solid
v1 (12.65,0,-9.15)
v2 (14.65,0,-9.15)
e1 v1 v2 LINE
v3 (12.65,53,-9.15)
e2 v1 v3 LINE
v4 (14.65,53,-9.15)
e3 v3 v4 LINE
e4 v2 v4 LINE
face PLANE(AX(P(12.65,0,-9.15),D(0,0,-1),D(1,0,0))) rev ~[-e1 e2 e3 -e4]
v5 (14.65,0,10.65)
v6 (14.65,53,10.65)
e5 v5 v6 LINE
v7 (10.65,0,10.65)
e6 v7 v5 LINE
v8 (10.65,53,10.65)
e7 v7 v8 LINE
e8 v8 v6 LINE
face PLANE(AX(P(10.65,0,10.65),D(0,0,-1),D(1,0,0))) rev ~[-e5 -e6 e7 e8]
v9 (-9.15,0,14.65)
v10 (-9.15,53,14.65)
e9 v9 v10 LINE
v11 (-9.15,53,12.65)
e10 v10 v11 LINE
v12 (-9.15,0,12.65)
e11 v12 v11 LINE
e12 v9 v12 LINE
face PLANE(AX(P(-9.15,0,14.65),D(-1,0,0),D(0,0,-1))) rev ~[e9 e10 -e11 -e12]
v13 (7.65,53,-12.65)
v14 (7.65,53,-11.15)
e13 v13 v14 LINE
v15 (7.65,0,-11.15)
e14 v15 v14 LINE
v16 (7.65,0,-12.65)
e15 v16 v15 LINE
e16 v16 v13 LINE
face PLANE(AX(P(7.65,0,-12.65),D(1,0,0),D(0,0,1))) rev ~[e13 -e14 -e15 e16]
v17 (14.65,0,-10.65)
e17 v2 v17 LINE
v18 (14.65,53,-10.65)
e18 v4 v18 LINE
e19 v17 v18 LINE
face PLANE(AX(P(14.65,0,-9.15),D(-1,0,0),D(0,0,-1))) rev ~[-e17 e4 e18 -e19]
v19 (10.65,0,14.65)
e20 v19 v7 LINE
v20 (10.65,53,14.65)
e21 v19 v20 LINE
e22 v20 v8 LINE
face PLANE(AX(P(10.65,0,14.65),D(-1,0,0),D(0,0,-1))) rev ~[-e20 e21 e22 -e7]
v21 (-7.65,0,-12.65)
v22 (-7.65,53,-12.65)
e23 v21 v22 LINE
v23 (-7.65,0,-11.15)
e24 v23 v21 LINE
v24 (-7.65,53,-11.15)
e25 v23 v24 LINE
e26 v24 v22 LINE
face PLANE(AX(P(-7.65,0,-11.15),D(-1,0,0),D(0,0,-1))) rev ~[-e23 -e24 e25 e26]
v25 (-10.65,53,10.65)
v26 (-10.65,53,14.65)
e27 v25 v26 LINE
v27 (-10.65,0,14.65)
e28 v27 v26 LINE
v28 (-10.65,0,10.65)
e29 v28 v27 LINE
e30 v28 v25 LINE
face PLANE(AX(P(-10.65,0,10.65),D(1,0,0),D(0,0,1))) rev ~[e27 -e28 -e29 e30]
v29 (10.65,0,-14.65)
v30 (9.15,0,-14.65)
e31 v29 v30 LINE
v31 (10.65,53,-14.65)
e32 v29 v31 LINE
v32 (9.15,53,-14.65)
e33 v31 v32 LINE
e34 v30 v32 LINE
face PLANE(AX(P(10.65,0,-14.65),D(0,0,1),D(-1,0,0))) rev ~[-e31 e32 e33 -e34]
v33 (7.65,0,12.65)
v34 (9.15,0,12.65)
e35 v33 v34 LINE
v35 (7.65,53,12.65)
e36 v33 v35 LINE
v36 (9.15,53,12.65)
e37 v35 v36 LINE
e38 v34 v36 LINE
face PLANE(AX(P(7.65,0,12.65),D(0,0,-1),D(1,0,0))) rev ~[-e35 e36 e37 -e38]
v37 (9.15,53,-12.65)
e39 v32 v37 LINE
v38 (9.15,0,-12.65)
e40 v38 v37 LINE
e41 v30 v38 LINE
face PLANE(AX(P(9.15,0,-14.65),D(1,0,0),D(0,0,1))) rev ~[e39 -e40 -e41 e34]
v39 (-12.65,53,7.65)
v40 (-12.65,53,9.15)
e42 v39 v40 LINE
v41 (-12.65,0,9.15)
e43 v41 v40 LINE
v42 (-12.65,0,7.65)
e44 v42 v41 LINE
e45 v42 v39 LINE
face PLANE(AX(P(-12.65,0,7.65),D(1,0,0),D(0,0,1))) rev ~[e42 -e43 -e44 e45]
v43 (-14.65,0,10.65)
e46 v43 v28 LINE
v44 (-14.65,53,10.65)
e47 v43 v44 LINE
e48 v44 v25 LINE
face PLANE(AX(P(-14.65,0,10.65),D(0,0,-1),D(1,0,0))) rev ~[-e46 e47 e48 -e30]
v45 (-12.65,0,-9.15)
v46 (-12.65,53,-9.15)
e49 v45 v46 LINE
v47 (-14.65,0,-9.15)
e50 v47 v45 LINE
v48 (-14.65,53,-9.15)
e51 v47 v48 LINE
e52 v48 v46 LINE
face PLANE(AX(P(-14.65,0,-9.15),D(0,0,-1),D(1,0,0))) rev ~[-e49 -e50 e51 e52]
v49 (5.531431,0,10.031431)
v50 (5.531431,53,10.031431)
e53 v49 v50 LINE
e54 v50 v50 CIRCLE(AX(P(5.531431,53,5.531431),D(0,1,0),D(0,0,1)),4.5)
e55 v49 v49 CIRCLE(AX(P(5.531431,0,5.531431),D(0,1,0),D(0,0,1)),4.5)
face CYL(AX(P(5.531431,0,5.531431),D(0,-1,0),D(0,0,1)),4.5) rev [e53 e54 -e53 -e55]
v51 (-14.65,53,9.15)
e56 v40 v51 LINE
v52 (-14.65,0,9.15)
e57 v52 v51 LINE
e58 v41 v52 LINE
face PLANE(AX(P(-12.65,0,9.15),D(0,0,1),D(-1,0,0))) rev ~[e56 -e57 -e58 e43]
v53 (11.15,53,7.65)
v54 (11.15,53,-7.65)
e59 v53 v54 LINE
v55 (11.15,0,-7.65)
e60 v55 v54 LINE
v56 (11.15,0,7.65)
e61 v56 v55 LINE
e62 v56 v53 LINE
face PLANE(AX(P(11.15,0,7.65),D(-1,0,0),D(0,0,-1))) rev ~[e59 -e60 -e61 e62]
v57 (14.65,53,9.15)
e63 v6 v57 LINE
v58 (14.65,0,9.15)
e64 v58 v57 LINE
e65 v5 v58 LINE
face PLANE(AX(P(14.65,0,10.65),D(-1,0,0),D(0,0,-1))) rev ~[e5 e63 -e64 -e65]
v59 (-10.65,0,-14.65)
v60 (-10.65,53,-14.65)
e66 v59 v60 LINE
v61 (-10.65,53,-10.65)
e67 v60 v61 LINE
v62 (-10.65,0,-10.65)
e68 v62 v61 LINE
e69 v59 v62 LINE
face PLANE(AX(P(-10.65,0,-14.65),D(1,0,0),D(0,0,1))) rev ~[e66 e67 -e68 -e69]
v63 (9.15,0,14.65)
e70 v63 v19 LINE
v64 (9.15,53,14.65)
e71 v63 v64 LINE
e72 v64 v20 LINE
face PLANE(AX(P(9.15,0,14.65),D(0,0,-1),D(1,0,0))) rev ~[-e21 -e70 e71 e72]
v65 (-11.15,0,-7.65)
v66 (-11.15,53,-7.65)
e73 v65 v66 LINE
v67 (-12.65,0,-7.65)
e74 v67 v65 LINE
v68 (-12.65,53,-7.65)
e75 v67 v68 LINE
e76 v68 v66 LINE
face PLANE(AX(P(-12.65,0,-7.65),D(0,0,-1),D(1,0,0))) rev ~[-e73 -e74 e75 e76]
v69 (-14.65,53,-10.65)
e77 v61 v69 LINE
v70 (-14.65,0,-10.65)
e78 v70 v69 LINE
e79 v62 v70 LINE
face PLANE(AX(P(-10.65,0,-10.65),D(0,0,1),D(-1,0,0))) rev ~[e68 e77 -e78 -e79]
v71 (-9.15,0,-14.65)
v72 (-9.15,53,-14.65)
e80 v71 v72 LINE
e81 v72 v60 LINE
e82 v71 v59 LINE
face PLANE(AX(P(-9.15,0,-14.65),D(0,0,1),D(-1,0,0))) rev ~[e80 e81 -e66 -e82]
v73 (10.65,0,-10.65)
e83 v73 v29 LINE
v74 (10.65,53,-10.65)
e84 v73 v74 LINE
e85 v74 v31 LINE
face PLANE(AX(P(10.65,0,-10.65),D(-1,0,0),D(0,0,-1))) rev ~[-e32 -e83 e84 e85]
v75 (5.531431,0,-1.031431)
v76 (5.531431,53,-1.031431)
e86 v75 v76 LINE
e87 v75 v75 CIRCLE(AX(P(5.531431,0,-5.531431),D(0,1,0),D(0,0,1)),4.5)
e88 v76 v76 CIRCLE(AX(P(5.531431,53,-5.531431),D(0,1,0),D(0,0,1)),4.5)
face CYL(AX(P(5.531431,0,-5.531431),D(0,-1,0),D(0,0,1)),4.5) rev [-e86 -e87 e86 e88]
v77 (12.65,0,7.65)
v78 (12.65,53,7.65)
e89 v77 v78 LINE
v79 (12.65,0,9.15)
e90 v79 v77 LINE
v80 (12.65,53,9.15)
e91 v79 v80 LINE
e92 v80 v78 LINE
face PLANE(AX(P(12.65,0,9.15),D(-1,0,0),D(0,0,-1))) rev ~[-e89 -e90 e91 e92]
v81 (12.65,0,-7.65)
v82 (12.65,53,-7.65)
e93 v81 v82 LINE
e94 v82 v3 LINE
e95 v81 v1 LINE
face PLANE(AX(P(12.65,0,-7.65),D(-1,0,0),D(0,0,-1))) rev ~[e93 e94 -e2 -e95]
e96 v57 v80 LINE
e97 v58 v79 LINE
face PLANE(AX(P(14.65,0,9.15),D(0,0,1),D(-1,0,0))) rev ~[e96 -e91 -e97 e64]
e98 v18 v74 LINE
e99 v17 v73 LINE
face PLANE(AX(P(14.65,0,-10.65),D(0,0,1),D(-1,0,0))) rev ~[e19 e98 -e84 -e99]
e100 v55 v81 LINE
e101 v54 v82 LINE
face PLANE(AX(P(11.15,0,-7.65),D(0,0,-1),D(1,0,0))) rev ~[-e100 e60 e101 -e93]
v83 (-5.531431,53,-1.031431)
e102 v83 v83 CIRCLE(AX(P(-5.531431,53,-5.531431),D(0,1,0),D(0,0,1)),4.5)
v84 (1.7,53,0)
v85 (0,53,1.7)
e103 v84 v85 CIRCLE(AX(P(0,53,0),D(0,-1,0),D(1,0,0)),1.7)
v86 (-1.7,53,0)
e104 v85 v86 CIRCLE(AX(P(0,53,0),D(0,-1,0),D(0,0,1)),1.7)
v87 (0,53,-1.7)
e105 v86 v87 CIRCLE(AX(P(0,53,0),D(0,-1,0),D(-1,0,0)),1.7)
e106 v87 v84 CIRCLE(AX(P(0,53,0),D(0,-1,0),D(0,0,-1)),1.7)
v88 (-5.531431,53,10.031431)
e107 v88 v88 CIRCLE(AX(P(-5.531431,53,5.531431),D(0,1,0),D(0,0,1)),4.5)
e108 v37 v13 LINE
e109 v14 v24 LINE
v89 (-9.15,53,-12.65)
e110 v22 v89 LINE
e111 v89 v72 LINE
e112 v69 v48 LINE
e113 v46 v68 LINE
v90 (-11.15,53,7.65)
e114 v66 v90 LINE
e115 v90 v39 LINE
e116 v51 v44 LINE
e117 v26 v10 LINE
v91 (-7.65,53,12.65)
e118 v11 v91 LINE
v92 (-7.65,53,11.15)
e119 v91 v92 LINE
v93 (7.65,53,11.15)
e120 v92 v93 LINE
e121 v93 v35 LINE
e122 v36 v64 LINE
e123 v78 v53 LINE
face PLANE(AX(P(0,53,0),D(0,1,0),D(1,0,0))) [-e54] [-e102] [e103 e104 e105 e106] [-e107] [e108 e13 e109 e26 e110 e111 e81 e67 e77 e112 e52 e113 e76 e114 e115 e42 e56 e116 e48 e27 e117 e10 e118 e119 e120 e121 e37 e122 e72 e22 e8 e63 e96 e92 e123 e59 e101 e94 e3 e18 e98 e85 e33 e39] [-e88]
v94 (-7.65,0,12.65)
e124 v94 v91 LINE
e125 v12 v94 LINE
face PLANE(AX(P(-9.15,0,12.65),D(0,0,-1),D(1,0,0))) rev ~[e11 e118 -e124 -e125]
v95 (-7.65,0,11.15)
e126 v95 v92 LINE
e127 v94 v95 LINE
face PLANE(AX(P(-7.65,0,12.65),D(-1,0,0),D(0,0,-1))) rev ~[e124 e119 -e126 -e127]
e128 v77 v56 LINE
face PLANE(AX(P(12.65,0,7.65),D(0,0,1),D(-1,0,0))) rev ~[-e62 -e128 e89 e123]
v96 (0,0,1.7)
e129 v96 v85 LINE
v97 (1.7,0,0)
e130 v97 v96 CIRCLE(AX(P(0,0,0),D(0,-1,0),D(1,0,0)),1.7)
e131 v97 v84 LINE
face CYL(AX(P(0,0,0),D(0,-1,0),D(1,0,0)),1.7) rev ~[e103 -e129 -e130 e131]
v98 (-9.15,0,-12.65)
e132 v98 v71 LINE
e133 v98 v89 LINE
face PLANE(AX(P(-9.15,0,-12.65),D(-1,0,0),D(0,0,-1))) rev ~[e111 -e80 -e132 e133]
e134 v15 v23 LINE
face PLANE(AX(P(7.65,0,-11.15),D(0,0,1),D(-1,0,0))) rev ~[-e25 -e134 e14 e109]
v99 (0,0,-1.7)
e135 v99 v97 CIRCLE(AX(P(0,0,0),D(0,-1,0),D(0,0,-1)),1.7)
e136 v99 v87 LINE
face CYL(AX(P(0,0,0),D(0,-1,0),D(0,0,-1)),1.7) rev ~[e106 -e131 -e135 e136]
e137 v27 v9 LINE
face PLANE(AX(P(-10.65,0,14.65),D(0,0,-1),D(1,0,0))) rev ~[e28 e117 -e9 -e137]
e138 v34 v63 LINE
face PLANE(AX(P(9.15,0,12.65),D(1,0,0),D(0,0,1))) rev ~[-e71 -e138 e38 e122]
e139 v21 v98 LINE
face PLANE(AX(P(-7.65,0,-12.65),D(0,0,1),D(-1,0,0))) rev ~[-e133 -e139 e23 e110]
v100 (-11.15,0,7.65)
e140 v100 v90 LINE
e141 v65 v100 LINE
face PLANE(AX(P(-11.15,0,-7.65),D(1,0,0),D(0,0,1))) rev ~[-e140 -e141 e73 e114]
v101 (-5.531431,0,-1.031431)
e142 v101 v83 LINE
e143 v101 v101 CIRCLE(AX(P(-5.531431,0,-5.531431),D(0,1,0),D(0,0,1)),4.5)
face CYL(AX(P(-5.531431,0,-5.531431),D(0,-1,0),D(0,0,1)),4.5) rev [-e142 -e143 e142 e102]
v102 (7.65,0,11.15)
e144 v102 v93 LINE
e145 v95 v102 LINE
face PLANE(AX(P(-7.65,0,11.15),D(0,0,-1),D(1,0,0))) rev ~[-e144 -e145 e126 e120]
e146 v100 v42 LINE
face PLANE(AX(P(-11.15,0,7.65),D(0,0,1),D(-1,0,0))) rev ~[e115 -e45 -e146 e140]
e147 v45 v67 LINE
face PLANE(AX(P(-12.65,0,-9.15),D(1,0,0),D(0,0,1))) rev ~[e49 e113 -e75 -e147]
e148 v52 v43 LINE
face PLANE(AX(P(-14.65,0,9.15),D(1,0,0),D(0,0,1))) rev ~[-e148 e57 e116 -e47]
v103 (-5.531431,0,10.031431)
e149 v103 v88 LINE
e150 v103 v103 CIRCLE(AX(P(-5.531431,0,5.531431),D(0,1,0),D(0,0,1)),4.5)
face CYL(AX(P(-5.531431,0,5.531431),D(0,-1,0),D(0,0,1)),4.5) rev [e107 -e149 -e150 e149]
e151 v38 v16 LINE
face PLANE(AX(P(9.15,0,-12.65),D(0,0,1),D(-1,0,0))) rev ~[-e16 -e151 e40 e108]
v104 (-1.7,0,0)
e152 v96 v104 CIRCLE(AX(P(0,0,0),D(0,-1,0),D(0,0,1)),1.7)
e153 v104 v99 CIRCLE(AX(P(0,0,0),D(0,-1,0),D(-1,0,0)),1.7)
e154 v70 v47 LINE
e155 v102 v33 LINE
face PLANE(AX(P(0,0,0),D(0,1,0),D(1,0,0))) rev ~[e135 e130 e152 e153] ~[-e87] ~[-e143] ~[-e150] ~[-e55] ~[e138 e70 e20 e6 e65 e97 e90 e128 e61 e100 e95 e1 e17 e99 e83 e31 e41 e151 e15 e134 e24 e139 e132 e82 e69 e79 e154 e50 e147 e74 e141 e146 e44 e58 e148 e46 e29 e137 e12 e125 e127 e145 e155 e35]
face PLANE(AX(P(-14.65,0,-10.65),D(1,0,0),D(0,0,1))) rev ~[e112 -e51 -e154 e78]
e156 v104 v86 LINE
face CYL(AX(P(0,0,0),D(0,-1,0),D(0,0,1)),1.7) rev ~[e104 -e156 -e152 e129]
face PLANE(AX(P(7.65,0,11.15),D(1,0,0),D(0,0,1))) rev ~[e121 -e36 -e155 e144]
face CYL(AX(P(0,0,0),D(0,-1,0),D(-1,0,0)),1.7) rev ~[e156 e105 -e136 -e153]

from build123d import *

# Parameters (mm, degrees)
SKETCH1_R           = 4.5
BOSS_EXTRUDE1_DEPTH = 53


with BuildPart() as part:
    # Sketch1 → Boss-Extrude1 (new body)
    with BuildSketch(Plane(origin=(0, 0, 0), x_dir=(1, 0, 0), z_dir=(0, 1, 0))):
        Polygon((-9.15, 14.65), (-10.65, 14.65), (-10.65, 10.65), (-14.65, 10.65), (-14.65, 9.15), (-12.65, 9.15), (-12.65, 7.65), (-11.15, 7.65), (-11.15, 0), (-11.15, -7.65), (-12.65, -7.65), (-12.65, -9.15), (-14.65, -9.15), (-14.65, -10.65), (-10.65, -10.65), (-10.65, -14.65), (-9.15, -14.65), (-9.15, -12.65), (-7.65, -12.65), (-7.65, -11.15), (0, -11.15), (7.65, -11.15), (7.65, -12.65), (9.15, -12.65), (9.15, -14.65), (10.65, -14.65), (10.65, -10.65), (14.65, -10.65), (14.65, -9.15), (12.65, -9.15), (12.65, -7.65), (11.15, -7.65), (11.15, 0), (11.15, 7.65), (12.65, 7.65), (12.65, 9.15), (14.65, 9.15), (14.65, 10.65), (10.65, 10.65), (10.65, 14.65), (9.15, 14.65), (9.15, 12.65), (7.65, 12.65), (7.65, 11.15), (0, 11.15), (-7.65, 11.15), (-7.65, 12.65), (-9.15, 12.65), align=None)
        with Locations((-5.531430712, -5.531430712)):
            Circle(SKETCH1_R, mode=Mode.SUBTRACT)
        with Locations((5.531430712, -5.531430712)):
            Circle(SKETCH1_R, mode=Mode.SUBTRACT)
        with Locations((-5.531430712, 5.531430712)):
            Circle(SKETCH1_R, mode=Mode.SUBTRACT)
        with BuildLine():
            ThreePointArc((0, -1.7), (-1.202081528, -1.202081528), (-1.7, 0))
            ThreePointArc((-1.7, 0), (-1.202081528, 1.202081528), (0, 1.7))
            ThreePointArc((0, 1.7), (1.202081528, 1.202081528), (1.7, 0))
            ThreePointArc((1.7, 0), (1.202081528, -1.202081528), (0, -1.7))
        make_face(mode=Mode.SUBTRACT)
        with Locations((5.531430712, 5.531430712)):
            Circle(SKETCH1_R, mode=Mode.SUBTRACT)
    extrude(amount=BOSS_EXTRUDE1_DEPTH)


solid = part.part
